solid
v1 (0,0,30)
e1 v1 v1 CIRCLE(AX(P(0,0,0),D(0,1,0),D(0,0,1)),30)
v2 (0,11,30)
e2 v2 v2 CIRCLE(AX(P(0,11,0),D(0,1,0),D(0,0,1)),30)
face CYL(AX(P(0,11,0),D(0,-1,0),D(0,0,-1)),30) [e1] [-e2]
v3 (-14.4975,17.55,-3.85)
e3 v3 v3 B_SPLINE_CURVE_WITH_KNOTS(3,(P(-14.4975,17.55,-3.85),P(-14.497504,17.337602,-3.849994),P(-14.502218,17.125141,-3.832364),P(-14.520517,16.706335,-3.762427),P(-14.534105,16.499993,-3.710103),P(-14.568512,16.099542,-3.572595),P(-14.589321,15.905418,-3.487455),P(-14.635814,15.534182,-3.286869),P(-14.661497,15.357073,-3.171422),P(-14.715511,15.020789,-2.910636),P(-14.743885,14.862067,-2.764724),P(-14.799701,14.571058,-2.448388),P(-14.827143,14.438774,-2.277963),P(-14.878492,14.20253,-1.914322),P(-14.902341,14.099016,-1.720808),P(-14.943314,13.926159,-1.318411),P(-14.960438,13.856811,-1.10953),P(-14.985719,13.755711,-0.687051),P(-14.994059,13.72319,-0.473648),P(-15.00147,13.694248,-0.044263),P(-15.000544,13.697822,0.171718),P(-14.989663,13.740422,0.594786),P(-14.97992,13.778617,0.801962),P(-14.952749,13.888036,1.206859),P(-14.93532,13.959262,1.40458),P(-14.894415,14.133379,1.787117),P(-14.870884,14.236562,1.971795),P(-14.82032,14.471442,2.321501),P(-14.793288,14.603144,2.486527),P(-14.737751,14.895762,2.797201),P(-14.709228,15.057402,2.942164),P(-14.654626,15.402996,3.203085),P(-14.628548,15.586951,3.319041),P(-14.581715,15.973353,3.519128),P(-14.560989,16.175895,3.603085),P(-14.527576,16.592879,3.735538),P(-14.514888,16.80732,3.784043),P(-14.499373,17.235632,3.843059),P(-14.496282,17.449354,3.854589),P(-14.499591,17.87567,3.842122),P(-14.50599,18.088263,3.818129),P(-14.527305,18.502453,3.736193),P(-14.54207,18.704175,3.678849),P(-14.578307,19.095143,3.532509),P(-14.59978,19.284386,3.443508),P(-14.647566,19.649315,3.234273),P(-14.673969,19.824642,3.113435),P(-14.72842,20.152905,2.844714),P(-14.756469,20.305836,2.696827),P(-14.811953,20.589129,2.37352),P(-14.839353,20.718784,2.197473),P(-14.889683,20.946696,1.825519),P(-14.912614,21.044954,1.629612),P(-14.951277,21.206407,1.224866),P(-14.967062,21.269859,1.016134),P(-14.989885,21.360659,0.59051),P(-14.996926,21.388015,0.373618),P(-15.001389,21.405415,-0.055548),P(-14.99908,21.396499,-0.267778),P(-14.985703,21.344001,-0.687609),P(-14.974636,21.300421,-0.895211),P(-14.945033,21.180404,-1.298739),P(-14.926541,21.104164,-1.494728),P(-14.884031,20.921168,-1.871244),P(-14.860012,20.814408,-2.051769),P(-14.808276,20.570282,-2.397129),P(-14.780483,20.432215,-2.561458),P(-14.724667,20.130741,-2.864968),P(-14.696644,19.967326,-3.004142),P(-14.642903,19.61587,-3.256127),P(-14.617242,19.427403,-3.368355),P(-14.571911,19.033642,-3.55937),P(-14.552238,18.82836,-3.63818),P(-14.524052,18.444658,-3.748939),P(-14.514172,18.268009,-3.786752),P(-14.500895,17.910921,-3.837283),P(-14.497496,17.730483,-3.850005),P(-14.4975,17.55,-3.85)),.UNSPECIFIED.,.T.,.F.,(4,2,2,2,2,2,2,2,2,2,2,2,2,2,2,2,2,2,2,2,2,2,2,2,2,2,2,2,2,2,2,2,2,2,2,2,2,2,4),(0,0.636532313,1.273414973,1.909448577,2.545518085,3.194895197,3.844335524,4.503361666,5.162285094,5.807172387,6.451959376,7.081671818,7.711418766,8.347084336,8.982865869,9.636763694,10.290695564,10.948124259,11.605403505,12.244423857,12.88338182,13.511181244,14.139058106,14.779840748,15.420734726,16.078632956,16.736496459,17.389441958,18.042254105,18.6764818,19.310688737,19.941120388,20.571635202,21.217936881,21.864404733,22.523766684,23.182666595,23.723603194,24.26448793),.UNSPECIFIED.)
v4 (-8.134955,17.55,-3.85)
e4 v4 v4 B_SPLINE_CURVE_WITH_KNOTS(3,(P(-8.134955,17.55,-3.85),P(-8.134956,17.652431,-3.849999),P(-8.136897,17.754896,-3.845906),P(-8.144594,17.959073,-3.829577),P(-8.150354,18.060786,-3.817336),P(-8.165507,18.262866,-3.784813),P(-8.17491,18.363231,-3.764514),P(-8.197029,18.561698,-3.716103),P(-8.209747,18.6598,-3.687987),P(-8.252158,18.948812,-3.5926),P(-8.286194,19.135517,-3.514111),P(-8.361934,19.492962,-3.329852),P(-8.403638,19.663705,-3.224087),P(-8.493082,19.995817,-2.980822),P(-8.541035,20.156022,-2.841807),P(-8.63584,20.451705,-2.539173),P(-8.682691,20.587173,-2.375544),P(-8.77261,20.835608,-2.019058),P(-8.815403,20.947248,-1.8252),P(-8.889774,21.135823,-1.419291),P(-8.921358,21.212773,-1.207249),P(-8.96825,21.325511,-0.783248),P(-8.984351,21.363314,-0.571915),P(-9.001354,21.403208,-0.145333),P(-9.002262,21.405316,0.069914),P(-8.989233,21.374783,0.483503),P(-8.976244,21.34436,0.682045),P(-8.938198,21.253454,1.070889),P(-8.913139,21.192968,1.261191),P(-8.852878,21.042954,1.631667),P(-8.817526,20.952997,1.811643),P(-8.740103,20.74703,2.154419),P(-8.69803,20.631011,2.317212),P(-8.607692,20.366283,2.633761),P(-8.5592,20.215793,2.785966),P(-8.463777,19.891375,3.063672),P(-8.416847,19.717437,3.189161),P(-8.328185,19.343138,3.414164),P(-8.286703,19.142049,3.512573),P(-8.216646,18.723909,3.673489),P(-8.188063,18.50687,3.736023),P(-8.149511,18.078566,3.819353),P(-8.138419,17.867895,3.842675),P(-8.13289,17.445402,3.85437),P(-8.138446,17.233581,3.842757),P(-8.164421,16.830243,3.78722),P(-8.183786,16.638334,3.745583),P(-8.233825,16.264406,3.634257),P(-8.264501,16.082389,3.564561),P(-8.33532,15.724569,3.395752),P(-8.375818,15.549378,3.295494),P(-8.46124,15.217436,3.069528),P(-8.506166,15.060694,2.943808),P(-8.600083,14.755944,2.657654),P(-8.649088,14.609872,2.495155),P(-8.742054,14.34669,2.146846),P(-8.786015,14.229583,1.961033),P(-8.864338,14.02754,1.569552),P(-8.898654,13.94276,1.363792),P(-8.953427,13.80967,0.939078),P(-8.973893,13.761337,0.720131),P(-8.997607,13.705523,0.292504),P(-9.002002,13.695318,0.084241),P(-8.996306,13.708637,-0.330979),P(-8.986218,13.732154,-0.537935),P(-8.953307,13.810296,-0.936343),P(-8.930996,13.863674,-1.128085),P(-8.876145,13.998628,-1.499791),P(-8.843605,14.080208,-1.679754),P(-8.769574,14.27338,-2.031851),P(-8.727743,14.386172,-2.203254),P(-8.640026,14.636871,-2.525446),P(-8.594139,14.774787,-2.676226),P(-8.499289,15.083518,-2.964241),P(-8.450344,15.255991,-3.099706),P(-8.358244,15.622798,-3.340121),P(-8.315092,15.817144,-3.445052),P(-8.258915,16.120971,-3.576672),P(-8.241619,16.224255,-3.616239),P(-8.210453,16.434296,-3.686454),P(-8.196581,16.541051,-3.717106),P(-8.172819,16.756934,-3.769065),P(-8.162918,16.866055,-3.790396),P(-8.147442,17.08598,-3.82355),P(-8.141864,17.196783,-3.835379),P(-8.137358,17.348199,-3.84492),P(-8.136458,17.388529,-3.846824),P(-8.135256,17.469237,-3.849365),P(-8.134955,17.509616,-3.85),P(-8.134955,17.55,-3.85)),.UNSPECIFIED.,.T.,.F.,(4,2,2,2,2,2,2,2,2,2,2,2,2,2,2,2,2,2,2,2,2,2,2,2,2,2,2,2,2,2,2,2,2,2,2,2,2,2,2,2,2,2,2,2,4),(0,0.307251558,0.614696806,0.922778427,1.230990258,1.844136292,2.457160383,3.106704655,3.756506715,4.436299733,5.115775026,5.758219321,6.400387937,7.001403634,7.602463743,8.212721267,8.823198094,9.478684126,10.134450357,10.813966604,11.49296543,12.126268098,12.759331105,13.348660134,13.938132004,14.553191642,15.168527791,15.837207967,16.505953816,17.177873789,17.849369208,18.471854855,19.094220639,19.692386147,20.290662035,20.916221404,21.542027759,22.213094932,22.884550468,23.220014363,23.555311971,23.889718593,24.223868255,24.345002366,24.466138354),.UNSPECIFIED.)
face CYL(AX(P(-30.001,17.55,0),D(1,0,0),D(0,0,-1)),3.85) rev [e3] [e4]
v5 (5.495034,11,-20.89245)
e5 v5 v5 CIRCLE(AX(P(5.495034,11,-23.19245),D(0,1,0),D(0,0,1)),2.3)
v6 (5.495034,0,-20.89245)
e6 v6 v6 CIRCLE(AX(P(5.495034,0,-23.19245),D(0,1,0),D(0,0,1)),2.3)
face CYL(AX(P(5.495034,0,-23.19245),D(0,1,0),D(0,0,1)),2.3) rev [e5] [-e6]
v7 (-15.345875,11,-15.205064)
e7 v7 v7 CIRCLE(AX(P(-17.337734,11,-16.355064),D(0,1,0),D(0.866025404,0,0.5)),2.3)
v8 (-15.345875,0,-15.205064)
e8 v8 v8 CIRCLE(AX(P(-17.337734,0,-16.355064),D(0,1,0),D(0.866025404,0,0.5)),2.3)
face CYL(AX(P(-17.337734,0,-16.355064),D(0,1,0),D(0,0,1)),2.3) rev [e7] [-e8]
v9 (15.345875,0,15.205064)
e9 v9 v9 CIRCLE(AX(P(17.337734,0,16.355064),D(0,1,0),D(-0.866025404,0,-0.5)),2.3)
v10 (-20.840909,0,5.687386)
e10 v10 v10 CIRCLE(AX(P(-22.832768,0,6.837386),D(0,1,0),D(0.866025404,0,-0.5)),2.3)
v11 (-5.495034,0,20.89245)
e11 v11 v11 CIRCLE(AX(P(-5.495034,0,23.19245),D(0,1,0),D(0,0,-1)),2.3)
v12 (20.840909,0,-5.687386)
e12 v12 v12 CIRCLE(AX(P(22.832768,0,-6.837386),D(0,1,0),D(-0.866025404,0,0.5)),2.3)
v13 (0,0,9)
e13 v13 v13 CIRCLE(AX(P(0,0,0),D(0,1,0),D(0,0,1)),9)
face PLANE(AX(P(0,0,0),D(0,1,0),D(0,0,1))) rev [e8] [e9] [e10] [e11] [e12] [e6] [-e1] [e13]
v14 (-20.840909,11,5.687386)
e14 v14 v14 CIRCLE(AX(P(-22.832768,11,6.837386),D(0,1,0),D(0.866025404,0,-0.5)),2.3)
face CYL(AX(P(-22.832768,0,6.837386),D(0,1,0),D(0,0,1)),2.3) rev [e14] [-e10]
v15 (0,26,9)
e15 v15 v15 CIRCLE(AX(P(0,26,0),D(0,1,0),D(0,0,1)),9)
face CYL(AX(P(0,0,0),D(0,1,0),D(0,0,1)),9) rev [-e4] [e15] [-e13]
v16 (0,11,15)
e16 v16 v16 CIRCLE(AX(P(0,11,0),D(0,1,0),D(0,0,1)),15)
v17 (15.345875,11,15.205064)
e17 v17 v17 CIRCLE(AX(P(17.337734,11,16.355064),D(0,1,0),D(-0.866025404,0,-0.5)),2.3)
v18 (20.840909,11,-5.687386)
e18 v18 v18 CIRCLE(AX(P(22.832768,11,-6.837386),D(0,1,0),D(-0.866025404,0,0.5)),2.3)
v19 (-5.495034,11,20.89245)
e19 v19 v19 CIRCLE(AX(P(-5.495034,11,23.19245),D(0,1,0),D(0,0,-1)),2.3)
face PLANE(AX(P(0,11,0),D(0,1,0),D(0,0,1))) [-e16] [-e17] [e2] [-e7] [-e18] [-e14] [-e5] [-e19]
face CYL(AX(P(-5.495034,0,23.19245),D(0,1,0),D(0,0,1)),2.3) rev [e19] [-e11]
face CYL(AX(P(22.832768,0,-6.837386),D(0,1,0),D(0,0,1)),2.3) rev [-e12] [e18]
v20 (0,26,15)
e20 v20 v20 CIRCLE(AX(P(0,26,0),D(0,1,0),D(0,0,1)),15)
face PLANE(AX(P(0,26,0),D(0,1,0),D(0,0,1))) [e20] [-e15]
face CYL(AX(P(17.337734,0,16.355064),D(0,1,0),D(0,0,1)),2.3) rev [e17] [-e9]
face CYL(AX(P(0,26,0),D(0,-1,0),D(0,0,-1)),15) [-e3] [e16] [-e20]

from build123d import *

# Parameters (mm, degrees)
SKETCH2_R               = 15
BOSS_EXTRUDE1_DEPTH     = 26
SKETCH1_R               = 30
BOSS_EXTRUDE2_DEPTH     = 11
SKETCH3_R               = 9
CUT_EXTRUDE1_DEPTH      = 50.759421218
SKETCH4_R               = 2.3
CUT_EXTRUDE2_DEPTH      = 46
CIRPATTERN1_COUNT       = 6
CUT_EXTRUDE3_REACH      = 51.759
CUT_EXTRUDE3_END_RADIUS = 15
SKETCH7_R               = 3.85


with BuildPart() as part:
    # Sketch2 → Boss-Extrude1 (new body)
    with BuildSketch(Plane(origin=(0, 0, 0), x_dir=(1, 0, 0), z_dir=(0, 1, 0))):
        with Locations(Location((0, 0, 0), (0, 0, 270))):
            Circle(SKETCH2_R)
    extrude(amount=BOSS_EXTRUDE1_DEPTH)

    # Sketch1 → Boss-Extrude2 (add)
    with BuildSketch(Plane(origin=(0, 0, 0), x_dir=(1, 0, 0), z_dir=(0, 1, 0))):
        with Locations(Location((0, 0, 0), (0, 0, 270))):
            Circle(SKETCH1_R)
    extrude(amount=BOSS_EXTRUDE2_DEPTH)

    # Sketch3 → Cut-Extrude1 (cut, through all)
    with BuildSketch(Plane(origin=(0, 26, 0), x_dir=(1, 0, 0), z_dir=(0, 1, 0))):
        with Locations(Location((0, 0, 0), (0, 0, 270))):
            Circle(SKETCH3_R)
    extrude(amount=-CUT_EXTRUDE1_DEPTH, mode=Mode.SUBTRACT)

    # Sketch4 → Cut-Extrude2 (cut, through all)
    with BuildSketch(Plane(origin=(0, 11, 0), x_dir=(1, 0, 0), z_dir=(0, 1, 0))):
        with Locations(Location((5.495034326, 23.192449843, 0), (0, 0, 270))):
            Circle(SKETCH4_R)
    cut_extrude2 = extrude(amount=-CUT_EXTRUDE2_DEPTH, mode=Mode.SUBTRACT)

    # CirPattern1: Cut-Extrude2 ×6 about axis
    cirpattern1_axis = Axis((0, 0, 0), (0, 1, 0))
    for i in range(1, CIRPATTERN1_COUNT):
        add(cut_extrude2.rotate(cirpattern1_axis, i * 360 / CIRPATTERN1_COUNT), mode=Mode.SUBTRACT)

    # Cut-Extrude3: up to this cylinder (the profile starts inside it)
    cut_extrude3_end = Plane(origin=(0, 17.55, 0), z_dir=(0, -1, 0)) * Cylinder(CUT_EXTRUDE3_END_RADIUS, 134.518, mode=Mode.PRIVATE)
    # Sketch7 → Cut-Extrude3 (cut, up to the surface)
    with BuildSketch(Plane(origin=(0, 0, 0), x_dir=(0, 0, -1), z_dir=(1, 0, 0)), mode=Mode.PRIVATE) as cut_extrude3_sk1:
        with Locations((0, 17.55)):
            Circle(SKETCH7_R)
    cut_extrude3_tool1 = extrude(cut_extrude3_sk1.sketch, amount=-CUT_EXTRUDE3_REACH, mode=Mode.PRIVATE) & cut_extrude3_end
    add(cut_extrude3_tool1.solids().sort_by_distance((0, 17.55, 0))[0], mode=Mode.SUBTRACT)


solid = part.part
